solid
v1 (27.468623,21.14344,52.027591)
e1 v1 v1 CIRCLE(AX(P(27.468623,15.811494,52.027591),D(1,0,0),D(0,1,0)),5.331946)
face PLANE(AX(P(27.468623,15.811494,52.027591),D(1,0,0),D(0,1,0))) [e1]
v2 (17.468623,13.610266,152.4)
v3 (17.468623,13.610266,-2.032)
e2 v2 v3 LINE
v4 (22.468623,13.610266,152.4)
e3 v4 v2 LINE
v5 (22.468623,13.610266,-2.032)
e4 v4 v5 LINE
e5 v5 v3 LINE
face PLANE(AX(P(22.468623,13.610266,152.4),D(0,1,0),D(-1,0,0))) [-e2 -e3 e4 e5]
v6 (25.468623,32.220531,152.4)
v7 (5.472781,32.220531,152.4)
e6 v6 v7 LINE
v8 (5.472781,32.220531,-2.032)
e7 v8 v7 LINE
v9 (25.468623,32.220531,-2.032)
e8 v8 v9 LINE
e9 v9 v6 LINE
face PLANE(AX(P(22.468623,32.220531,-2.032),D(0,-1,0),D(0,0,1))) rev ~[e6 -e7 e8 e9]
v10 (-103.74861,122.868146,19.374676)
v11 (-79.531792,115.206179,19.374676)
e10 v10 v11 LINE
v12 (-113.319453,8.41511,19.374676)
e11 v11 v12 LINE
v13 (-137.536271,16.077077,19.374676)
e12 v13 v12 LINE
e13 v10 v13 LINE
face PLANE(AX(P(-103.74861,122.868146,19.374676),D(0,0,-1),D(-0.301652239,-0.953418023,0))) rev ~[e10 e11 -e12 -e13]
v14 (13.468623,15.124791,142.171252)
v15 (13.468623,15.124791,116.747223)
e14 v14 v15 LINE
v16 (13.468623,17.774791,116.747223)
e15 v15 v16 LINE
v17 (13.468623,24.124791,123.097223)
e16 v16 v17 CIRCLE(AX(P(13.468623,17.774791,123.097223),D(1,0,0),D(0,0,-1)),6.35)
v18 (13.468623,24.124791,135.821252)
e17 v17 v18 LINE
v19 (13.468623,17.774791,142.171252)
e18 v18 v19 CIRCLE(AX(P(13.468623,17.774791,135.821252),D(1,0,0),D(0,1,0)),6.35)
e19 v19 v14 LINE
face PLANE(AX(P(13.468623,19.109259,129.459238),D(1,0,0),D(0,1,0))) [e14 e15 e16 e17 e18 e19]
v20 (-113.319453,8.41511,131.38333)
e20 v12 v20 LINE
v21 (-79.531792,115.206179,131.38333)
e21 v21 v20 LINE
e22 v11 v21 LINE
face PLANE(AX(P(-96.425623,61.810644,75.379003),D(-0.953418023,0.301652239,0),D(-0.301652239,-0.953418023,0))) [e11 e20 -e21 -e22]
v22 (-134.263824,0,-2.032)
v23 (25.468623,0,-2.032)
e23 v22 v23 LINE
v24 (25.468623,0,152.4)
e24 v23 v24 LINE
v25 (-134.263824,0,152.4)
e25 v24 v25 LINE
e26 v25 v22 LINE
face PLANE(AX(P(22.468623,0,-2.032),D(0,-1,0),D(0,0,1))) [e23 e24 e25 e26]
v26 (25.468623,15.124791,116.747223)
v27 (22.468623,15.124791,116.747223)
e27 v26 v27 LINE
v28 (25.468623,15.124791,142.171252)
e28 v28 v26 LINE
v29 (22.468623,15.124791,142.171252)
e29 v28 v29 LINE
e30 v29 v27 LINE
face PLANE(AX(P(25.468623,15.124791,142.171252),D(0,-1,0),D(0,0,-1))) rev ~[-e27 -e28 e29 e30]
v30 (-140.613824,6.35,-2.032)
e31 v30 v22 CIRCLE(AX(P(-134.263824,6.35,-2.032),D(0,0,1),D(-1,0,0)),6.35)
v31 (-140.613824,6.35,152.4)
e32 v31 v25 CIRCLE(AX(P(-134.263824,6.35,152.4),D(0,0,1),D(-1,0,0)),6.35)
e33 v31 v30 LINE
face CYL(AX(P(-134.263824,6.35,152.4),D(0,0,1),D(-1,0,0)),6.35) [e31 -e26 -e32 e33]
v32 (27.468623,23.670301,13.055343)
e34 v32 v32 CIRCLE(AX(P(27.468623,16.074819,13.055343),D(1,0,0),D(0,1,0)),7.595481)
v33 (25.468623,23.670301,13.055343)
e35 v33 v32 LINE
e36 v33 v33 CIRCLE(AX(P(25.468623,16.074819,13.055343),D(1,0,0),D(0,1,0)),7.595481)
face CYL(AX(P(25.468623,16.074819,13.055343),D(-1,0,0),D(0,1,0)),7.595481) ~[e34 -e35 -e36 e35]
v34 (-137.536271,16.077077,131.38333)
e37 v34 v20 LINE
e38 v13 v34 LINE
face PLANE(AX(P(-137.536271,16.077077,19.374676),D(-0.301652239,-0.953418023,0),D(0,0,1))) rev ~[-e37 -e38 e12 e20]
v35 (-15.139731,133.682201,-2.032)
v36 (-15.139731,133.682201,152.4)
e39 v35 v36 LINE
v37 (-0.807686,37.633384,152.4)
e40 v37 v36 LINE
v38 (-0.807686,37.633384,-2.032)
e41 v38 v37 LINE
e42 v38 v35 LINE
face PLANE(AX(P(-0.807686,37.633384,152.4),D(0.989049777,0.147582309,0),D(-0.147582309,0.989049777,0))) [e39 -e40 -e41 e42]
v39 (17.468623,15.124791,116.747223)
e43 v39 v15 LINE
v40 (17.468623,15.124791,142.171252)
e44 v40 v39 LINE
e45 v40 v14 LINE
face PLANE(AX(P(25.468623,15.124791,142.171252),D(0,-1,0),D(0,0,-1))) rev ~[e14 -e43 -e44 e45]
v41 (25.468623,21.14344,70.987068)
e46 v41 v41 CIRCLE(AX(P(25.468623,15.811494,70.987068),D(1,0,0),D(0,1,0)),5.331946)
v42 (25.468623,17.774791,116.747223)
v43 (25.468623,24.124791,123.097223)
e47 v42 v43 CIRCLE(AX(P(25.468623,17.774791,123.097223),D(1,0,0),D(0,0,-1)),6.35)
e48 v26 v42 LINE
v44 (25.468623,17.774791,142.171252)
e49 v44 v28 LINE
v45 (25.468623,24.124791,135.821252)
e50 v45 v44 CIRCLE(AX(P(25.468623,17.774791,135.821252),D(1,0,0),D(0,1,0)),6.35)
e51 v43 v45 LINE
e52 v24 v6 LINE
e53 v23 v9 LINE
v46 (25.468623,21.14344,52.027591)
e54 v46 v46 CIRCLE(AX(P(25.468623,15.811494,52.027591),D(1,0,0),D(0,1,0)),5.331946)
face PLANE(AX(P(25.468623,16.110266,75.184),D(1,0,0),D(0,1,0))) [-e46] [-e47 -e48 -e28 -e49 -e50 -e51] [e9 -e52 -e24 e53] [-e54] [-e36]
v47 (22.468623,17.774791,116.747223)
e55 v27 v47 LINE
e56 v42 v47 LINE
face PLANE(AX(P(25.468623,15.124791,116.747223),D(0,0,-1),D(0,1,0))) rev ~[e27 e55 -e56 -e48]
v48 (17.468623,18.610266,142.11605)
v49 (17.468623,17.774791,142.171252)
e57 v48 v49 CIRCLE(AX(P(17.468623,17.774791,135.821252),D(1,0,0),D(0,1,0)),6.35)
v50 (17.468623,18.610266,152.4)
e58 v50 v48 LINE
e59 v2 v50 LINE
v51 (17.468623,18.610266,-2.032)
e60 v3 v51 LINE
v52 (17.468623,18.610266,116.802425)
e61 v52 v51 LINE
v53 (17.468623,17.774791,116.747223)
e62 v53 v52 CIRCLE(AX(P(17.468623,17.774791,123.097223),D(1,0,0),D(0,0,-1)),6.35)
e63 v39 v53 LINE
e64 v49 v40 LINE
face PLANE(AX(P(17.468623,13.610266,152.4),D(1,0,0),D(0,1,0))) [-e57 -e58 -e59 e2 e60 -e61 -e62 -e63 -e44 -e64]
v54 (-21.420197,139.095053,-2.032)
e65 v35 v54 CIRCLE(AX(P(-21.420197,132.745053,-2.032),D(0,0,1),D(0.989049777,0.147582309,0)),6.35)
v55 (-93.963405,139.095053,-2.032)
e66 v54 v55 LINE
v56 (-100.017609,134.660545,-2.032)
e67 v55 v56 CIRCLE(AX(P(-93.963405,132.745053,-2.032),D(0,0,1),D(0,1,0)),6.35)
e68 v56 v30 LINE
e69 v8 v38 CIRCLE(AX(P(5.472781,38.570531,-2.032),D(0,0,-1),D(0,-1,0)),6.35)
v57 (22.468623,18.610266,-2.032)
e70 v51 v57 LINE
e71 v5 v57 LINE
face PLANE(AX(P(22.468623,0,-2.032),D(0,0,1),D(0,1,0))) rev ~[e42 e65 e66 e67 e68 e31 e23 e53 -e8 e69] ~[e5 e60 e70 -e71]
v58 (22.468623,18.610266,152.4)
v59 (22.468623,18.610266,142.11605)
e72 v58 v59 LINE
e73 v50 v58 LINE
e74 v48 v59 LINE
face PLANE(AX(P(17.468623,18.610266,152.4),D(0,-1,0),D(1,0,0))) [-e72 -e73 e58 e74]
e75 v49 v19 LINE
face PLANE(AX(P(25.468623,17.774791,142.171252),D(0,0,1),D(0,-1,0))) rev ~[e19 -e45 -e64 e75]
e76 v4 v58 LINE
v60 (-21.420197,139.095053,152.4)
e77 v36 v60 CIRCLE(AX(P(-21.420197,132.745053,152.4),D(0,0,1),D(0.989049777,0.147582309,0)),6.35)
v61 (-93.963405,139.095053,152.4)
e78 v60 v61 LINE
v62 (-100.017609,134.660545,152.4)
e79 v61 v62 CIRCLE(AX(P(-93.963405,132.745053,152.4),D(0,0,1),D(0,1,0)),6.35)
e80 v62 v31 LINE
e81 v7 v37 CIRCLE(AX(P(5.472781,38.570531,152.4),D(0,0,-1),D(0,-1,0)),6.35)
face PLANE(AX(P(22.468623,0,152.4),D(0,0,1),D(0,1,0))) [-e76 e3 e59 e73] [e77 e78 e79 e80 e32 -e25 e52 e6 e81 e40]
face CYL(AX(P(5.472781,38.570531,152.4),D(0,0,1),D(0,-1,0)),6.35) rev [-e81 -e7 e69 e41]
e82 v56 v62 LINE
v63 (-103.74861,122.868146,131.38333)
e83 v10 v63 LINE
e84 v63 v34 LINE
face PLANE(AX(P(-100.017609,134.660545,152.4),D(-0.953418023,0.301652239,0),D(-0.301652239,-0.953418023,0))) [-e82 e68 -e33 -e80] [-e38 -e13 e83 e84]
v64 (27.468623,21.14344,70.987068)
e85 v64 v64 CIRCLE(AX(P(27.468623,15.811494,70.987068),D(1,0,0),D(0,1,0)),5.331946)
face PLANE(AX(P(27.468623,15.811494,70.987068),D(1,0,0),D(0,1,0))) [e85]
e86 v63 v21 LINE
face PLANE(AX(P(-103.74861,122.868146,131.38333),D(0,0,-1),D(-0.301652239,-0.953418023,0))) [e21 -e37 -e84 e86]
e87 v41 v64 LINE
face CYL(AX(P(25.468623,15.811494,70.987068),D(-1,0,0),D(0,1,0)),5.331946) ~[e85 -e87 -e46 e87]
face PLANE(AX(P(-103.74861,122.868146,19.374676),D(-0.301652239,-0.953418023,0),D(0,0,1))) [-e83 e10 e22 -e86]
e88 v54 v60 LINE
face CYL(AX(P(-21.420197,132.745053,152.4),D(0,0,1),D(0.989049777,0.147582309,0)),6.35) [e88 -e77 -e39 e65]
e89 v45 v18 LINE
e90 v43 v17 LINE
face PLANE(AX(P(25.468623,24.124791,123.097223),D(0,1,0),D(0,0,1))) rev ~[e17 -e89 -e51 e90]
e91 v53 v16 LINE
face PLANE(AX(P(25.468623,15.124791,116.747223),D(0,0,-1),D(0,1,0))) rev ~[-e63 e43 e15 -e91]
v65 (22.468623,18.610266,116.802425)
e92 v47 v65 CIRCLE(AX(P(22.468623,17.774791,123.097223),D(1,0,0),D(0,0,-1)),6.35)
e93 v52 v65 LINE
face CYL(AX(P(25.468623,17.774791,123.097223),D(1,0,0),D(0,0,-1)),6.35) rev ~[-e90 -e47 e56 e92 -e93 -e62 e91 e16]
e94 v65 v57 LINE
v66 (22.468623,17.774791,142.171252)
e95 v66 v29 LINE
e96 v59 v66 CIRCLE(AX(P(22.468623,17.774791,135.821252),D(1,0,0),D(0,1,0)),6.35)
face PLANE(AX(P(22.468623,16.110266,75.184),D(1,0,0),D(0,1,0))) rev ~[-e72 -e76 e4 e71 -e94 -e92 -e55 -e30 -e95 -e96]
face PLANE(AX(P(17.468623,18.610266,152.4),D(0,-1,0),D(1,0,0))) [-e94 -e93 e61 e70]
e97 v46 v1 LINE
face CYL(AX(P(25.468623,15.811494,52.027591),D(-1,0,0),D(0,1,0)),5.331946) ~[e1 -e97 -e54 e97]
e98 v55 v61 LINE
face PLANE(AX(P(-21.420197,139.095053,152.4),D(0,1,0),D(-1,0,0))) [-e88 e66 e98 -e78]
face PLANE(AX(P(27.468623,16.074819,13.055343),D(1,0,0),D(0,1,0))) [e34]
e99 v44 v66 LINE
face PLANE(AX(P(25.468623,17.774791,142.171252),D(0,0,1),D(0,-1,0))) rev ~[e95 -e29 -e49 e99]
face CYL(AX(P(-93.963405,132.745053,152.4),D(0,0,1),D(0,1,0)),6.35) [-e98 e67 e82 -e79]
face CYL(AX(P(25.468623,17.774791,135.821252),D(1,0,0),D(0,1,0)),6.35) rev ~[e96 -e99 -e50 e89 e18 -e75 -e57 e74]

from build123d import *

# Parameters (mm, degrees)
F1_DEPTH  = 152.4
F3_DEPTH  = 154.432
F4_W      = 32.220531255
F4_H      = 154.432
F5_DEPTH  = 3
F6_R      = 7.5954813499
F6_R_2    = 5.3319461193
F7_DEPTH  = 2
F9_DEPTH  = 12
F10_W     = 112.0086535811
F10_H     = 112.0086535811
F11_DEPTH = 25.4


with BuildPart() as f1:
    # F0 (on Top) → F1 (new body)
    with BuildSketch(Plane.XY):
        with BuildLine():
            Line((-134.2638241291, 0), (0, 0))
            Line((0, 0), (22.4686227739, 0))
            Line((22.4686227739, 0), (22.4686227739, 6.3499999233))
            Line((22.4686227739, 6.3499999233), (0, 6.3499999233))
            Line((0, 6.35), (-128.7519809926, 6.35))
            ThreePointArc((-128.7519809926, 6.35), (-131.8256525814, 7.9086353107), (-132.3845036601, 11.3092950319))
            Line((-132.3845036601, 11.3092950319), (-94.8052258673, 130.0843481086))
            ThreePointArc((-94.8052258673, 130.0843481086), (-93.4240678892, 132.0087246655), (-91.1727031999, 132.7450530767))
            Line((-91.1727031999, 132.7450530767), (-24.7038652326, 132.7450530767))
            ThreePointArc((-24.7038652326, 132.7450530767), (-22.2165192123, 131.8210901131), (-20.9355855807, 129.4973416727))
            Line((-20.9355855807, 129.4973416727), (-7.0881516681, 36.6962359353))
            ThreePointArc((-7.0881516681, 36.6962359353), (-2.8183728961, 28.9504078005), (5.4727805049, 25.870531255))
            Line((5.4727805049, 25.870531255), (22.4686227739, 25.870531255))
            Line((22.4686227739, 25.870531255), (22.4686227739, 32.220531255))
            Line((22.4686227739, 32.220531255), (5.4727805049, 32.220531255))
            ThreePointArc((5.4727805049, 32.220531255), (1.3272038044, 33.7604695277), (-0.8076855816, 37.6333835952))
            Line((-0.8076855816, 37.6333835952), (-15.1397308432, 133.6822007366))
            ThreePointArc((-15.1397308432, 133.6822007366), (-17.2746202291, 137.555114804), (-21.4201969297, 139.0950530767))
            Line((-21.4201969297, 139.0950530767), (-93.9634045544, 139.0950530767))
            ThreePointArc((-93.9634045544, 139.0950530767), (-97.7156790366, 137.867839058), (-100.0176090002, 134.6605447965))
            Line((-100.0176090002, 134.6605447965), (-140.6138241291, 6.35))
            ThreePointArc((-140.6138241291, 6.35), (-138.7539521896, 1.8598719395), (-134.2638241291, 0))
        make_face()
    extrude(amount=F1_DEPTH)

    # F2 (on face) → F3 (join)
    with BuildSketch(Plane.XY.offset(152.4)):
        with BuildLine():
            Line((-134.2638241291, 0), (0, 0))
            Line((0, 0), (22.4686227739, 0))
            Line((22.4686227739, 0), (22.4686227739, 13.6102656275))
            Line((22.4686227739, 13.6102656275), (17.4686227739, 13.6102656275))
            Line((17.4686227739, 13.6102656275), (17.4686227739, 18.6102656275))
            Line((17.4686227739, 18.6102656275), (22.4686227739, 18.6102656275))
            Line((22.4686227739, 18.6102656275), (22.4686227739, 32.220531255))
            Line((22.4686227739, 32.220531255), (5.4727805049, 32.220531255))
            ThreePointArc((5.4727805049, 32.220531255), (1.3272038044, 33.7604695277), (-0.8076855816, 37.6333835952))
            Line((-0.8076855816, 37.6333835952), (-15.1397308432, 133.6822007366))
            ThreePointArc((-15.1397308432, 133.6822007366), (-17.2746202291, 137.555114804), (-21.4201969297, 139.0950530767))
            Line((-21.4201969297, 139.0950530767), (-93.9634045544, 139.0950530767))
            ThreePointArc((-93.9634045544, 139.0950530767), (-97.7156790366, 137.867839058), (-100.0176090002, 134.6605447965))
            Line((-100.0176090002, 134.6605447965), (-140.6138241291, 6.35))
            ThreePointArc((-140.6138241291, 6.35), (-138.7539521896, 1.8598719395), (-134.2638241291, 0))
        make_face()
    extrude(amount=-F3_DEPTH)

    # F4 (on face) → F5 (join)
    with BuildSketch(Plane.YZ.offset(22.4686227739)):
        with Locations((16.1102656275, 75.184)):
            Rectangle(F4_W, F4_H)
    extrude(amount=F5_DEPTH)

    # F6 (on face) → F7 (join)
    with BuildSketch(Plane.YZ.offset(25.4686227739)):
        with Locations((16.0748194903, 13.0553431809)):
            Circle(F6_R)
        with Locations((15.8114936203, 52.0275905728)):
            Circle(F6_R_2)
        with Locations((15.8114936203, 70.9870681167)):
            Circle(F6_R_2)
    extrude(amount=F7_DEPTH)

    # F8 (on face) → F9 (cut)
    with BuildSketch(Plane.YZ.offset(25.4686227739)):
        with BuildLine():
            Line((17.7747905254, 142.1712523777), (15.1247905254, 142.1712523777))
            Line((15.1247905254, 142.1712523777), (15.1247905254, 116.7472228408))
            Line((15.1247905254, 116.7472228408), (17.7747905254, 116.7472228408))
            ThreePointArc((17.7747905254, 116.7472228408), (22.264918586, 118.6070947803), (24.1247905254, 123.0972228408))
            Line((24.1247905254, 123.0972228408), (24.1247905254, 135.8212523777))
            ThreePointArc((24.1247905254, 135.8212523777), (22.264918586, 140.3113804383), (17.7747905254, 142.1712523777))
        make_face()
    extrude(amount=-F9_DEPTH, mode=Mode.SUBTRACT)

    # F10 (on face) → F11 (cut)
    with BuildSketch(Plane(origin=(-129.6450638104, 41.0184440351, 0), x_dir=(-0.3016522393, -0.953418023, 0), z_dir=(-0.953418023, 0.3016522393, 0))):
        with Locations((-29.8443771899, 75.3790028393)):
            Rectangle(F10_W, F10_H)
    extrude(amount=-F11_DEPTH, mode=Mode.SUBTRACT)


solid = f1.part
